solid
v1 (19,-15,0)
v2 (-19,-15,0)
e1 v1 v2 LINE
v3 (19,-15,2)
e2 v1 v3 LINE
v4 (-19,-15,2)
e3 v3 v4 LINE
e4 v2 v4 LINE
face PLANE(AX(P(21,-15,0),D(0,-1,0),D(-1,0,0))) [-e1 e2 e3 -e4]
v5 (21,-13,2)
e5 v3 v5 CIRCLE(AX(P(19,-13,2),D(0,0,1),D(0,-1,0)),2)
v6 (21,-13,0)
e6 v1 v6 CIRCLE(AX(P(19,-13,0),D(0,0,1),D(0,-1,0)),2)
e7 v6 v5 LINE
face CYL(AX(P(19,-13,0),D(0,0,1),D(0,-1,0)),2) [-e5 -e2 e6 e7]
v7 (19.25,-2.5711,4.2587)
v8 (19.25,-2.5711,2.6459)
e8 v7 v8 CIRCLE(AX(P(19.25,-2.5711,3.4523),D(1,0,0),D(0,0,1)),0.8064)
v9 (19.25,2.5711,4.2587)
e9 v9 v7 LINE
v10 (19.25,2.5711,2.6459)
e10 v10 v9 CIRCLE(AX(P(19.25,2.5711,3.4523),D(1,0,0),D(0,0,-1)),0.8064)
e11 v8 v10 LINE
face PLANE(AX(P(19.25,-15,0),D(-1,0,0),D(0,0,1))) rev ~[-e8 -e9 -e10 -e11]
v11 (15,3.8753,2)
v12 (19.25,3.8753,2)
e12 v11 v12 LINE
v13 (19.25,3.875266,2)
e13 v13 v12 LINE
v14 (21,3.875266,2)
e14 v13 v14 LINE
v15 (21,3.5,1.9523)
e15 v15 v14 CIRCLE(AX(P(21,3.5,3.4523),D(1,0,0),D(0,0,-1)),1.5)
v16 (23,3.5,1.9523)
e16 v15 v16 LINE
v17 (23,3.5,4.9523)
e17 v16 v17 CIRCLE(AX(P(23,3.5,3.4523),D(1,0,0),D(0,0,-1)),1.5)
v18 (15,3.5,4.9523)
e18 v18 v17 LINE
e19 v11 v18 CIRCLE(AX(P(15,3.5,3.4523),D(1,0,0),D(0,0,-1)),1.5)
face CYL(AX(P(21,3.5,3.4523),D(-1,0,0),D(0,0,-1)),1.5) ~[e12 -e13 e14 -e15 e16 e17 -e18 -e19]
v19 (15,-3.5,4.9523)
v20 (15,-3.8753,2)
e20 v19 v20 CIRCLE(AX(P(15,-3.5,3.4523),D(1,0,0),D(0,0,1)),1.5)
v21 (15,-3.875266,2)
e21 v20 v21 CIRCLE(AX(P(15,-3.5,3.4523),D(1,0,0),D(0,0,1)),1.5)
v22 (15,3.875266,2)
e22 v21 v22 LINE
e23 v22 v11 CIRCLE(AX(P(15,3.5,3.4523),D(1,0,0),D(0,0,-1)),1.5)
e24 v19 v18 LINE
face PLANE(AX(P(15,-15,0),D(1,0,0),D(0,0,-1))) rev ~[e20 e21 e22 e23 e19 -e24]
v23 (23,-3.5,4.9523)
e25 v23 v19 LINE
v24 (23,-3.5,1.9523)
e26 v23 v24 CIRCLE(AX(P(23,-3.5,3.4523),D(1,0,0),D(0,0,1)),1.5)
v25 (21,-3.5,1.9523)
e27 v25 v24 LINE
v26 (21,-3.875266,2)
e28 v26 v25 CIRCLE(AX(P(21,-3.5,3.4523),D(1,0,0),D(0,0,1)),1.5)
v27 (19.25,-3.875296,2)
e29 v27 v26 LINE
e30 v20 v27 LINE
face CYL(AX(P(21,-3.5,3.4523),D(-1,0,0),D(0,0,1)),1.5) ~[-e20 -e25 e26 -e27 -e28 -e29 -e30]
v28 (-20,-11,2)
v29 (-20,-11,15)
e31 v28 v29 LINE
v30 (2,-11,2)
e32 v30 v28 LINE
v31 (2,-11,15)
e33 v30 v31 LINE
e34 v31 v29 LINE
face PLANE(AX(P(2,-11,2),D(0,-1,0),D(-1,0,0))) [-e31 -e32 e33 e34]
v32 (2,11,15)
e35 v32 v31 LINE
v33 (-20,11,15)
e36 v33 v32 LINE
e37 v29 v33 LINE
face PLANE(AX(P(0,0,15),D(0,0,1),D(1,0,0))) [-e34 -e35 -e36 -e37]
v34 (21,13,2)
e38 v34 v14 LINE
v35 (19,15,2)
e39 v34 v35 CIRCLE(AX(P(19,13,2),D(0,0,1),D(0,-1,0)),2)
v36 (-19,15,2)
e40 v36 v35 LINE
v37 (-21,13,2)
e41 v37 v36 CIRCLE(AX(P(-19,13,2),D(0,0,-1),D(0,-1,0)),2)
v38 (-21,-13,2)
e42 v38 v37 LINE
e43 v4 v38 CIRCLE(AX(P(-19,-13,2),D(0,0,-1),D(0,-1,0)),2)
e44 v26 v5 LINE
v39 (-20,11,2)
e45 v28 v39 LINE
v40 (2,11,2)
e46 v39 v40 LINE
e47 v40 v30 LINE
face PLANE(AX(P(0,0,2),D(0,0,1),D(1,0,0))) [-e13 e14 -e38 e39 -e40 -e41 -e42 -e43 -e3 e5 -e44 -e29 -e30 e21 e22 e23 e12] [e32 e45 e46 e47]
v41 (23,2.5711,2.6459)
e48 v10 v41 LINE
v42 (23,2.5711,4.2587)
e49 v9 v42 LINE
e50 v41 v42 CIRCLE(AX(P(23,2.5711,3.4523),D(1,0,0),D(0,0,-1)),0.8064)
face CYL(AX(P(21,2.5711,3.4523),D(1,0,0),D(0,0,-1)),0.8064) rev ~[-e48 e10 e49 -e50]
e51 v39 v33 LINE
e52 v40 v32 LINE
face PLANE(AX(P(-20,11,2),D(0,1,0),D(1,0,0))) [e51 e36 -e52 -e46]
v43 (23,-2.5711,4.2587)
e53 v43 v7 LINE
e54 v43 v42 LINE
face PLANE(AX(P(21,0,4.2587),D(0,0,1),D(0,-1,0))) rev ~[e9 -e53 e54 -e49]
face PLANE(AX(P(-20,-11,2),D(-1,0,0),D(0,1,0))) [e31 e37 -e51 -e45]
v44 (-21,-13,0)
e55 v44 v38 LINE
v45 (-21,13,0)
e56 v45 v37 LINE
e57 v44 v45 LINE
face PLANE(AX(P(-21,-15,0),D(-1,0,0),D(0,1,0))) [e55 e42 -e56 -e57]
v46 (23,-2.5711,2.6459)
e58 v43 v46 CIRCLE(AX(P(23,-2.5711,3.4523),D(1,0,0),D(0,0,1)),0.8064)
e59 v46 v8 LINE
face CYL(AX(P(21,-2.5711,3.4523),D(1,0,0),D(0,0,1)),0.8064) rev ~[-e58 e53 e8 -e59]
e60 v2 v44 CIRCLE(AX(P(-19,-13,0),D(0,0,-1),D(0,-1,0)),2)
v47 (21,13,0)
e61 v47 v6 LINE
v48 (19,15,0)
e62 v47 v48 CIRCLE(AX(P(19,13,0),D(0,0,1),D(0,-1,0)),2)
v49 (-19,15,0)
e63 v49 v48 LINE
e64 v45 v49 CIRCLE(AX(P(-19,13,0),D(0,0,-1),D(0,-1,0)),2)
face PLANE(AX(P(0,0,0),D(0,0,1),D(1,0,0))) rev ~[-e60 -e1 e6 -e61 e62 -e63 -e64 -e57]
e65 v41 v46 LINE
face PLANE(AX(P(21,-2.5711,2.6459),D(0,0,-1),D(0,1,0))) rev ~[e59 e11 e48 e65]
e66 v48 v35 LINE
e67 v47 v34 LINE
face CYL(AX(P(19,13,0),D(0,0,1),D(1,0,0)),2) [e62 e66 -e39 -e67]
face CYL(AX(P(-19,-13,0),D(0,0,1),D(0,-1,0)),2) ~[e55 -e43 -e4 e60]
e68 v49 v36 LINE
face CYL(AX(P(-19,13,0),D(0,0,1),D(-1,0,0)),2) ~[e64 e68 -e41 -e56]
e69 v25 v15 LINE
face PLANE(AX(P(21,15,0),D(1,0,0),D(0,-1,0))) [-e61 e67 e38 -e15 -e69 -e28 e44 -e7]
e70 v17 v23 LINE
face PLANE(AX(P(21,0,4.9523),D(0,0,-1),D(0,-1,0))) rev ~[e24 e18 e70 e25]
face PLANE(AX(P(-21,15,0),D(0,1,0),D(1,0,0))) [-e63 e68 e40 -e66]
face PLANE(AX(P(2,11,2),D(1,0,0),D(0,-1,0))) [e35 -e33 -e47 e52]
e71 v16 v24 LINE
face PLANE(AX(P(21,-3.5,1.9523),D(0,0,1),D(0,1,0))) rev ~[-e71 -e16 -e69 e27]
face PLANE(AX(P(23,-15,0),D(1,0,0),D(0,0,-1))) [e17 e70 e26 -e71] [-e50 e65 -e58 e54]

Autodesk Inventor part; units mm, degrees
ref_plane "YZ Plane" through (0, 0, 0) normal (1, 0, 0) x (0, 1, 0)
ref_plane "XZ Plane" through (0, 0, 0) normal (0, 1, 0) x (-1, 0, 0)
ref_plane "XY Plane" through (0, 0, 0) normal (0, 0, 1) x (1, 0, 0)
sketch "草图1" plane through (0, 0, 0) normal (0, 0, 1) x (1, 0, 0)
  line L0 (21, -15) -> (-21, -15)
  line L1 (-21, -15) -> (-21, 15)
  line L2 (-21, 15) -> (21, 15)
  line L3 (21, 15) -> (21, -15)
  line L4 (21, -15) -> (-21, 15) construction
  line L5 (-21, -15) -> (21, 15) construction
  point P0 (0, 0)
  dimension "d0" = 42
  dimension "d1" = 30
extrude "拉伸1" add sketch "草图1" along normal blind 2
sketch "草图2" plane through (0, 0, 2) normal (0, 0, 1) x (1, 0, 0)
  line L0 (2, -11) -> (-20, -11)
  line L1 (-20, -11) -> (-20, 11)
  line L2 (-20, 11) -> (2, 11)
  line L3 (2, 11) -> (2, -11)
  line L4 (2, -11) -> (-20, 11) construction
  line L5 (-20, -11) -> (2, 11) construction
  line L6 (-21, 15) -> (-21, -15) projected
  point P0 (0, 0)
  point P1 (-9, 0)
  dimension "d4" = 22
  dimension "d5" = 22
  dimension "d6" = 1
extrude "拉伸2" add sketch "草图2" along normal blind 13
sketch "草图3" plane through (0, 0, 2) normal (0, 0, 1) x (1, 0, 0)
  point P0 (0, 0)
sketch "草图4" plane through (21, -15, 0) normal (1, 0, 0) x (0, 0, -1)
  line L0 (0, 15) -> (-5.9619, 15)
  line L1 (-3.4523, 11.5) -> (-3.4523, 18.5) construction
  line L2 (-1.9523, 11.5) -> (-1.9523, 18.5)
  line L3 (-4.9523, 18.5) -> (-4.9523, 11.5)
  arc A0 (-4.9523, 11.5) -> (-1.9523, 11.5) centre (-3.4523, 11.5) ccw
  arc A1 (-1.9523, 18.5) -> (-4.9523, 18.5) centre (-3.4523, 18.5) ccw
  line L4 (-3.4523, 12.4289) -> (-3.4523, 17.5711) construction
  line L5 (-2.6459, 12.4289) -> (-2.6459, 17.5711)
  line L6 (-4.2587, 17.5711) -> (-4.2587, 12.4289)
  arc A2 (-4.2587, 12.4289) -> (-2.6459, 12.4289) centre (-3.4523, 12.4289) ccw
  arc A3 (-2.6459, 17.5711) -> (-4.2587, 17.5711) centre (-3.4523, 17.5711) ccw
  point P0 (-3.4523, 15)
  point P1 (-3.4523, 10)
  point P2 (-3.4523, 20)
  dimension "d9" = 3
  dimension "d10" = 10
extrude "拉伸3" add sketch "草图4" against normal blind 6 contours L2 A0 L3 L0 L6 A2 L5 | L0 L5 A3 L6 L3 A1 L2
extrude "拉伸4" add sketch "草图4" along normal blind 2 contours L2 A0 L3 L0 L6 A2 L5 | L0 L5 A3 L6 L3 A1 L2
sketch "草图5" plane through (15, -15, 0) normal (-1, 0, 0) x (0, 0, 1)
  line L0 (2.6459, 12.4289) -> (2.6459, 17.5711) projected
  arc A0 (4.2587, 17.5711) -> (2.6459, 17.5711) centre (3.4523, 17.5711) ccw projected
  line L1 (4.2587, 17.5711) -> (4.2587, 12.4289) projected
  arc A1 (2.6459, 12.4289) -> (4.2587, 12.4289) centre (3.4523, 12.4289) ccw projected
  line L2 (2, 11.1247) -> (2, 18.8753) projected
  arc A2 (2, 11.1247) -> (4.9523, 11.5) centre (3.4523, 11.5) ccw projected
  line L3 (4.9523, 11.5) -> (4.9523, 18.5) projected
  arc A3 (4.9523, 18.5) -> (2, 18.8753) centre (3.4523, 18.5) ccw projected
  point P0 (0, 15)
extrude "拉伸5" add sketch "草图5" against normal blind 4.25 contours L0 A0 L1 A1 | L2 A3 L3 A2
fillet "圆角1" radius 2 4 edges at (21, -15, 1) (-21, -15, 1) (21, 15, 1) (-21, 15, 1)
properties part number "陀螺仪"
